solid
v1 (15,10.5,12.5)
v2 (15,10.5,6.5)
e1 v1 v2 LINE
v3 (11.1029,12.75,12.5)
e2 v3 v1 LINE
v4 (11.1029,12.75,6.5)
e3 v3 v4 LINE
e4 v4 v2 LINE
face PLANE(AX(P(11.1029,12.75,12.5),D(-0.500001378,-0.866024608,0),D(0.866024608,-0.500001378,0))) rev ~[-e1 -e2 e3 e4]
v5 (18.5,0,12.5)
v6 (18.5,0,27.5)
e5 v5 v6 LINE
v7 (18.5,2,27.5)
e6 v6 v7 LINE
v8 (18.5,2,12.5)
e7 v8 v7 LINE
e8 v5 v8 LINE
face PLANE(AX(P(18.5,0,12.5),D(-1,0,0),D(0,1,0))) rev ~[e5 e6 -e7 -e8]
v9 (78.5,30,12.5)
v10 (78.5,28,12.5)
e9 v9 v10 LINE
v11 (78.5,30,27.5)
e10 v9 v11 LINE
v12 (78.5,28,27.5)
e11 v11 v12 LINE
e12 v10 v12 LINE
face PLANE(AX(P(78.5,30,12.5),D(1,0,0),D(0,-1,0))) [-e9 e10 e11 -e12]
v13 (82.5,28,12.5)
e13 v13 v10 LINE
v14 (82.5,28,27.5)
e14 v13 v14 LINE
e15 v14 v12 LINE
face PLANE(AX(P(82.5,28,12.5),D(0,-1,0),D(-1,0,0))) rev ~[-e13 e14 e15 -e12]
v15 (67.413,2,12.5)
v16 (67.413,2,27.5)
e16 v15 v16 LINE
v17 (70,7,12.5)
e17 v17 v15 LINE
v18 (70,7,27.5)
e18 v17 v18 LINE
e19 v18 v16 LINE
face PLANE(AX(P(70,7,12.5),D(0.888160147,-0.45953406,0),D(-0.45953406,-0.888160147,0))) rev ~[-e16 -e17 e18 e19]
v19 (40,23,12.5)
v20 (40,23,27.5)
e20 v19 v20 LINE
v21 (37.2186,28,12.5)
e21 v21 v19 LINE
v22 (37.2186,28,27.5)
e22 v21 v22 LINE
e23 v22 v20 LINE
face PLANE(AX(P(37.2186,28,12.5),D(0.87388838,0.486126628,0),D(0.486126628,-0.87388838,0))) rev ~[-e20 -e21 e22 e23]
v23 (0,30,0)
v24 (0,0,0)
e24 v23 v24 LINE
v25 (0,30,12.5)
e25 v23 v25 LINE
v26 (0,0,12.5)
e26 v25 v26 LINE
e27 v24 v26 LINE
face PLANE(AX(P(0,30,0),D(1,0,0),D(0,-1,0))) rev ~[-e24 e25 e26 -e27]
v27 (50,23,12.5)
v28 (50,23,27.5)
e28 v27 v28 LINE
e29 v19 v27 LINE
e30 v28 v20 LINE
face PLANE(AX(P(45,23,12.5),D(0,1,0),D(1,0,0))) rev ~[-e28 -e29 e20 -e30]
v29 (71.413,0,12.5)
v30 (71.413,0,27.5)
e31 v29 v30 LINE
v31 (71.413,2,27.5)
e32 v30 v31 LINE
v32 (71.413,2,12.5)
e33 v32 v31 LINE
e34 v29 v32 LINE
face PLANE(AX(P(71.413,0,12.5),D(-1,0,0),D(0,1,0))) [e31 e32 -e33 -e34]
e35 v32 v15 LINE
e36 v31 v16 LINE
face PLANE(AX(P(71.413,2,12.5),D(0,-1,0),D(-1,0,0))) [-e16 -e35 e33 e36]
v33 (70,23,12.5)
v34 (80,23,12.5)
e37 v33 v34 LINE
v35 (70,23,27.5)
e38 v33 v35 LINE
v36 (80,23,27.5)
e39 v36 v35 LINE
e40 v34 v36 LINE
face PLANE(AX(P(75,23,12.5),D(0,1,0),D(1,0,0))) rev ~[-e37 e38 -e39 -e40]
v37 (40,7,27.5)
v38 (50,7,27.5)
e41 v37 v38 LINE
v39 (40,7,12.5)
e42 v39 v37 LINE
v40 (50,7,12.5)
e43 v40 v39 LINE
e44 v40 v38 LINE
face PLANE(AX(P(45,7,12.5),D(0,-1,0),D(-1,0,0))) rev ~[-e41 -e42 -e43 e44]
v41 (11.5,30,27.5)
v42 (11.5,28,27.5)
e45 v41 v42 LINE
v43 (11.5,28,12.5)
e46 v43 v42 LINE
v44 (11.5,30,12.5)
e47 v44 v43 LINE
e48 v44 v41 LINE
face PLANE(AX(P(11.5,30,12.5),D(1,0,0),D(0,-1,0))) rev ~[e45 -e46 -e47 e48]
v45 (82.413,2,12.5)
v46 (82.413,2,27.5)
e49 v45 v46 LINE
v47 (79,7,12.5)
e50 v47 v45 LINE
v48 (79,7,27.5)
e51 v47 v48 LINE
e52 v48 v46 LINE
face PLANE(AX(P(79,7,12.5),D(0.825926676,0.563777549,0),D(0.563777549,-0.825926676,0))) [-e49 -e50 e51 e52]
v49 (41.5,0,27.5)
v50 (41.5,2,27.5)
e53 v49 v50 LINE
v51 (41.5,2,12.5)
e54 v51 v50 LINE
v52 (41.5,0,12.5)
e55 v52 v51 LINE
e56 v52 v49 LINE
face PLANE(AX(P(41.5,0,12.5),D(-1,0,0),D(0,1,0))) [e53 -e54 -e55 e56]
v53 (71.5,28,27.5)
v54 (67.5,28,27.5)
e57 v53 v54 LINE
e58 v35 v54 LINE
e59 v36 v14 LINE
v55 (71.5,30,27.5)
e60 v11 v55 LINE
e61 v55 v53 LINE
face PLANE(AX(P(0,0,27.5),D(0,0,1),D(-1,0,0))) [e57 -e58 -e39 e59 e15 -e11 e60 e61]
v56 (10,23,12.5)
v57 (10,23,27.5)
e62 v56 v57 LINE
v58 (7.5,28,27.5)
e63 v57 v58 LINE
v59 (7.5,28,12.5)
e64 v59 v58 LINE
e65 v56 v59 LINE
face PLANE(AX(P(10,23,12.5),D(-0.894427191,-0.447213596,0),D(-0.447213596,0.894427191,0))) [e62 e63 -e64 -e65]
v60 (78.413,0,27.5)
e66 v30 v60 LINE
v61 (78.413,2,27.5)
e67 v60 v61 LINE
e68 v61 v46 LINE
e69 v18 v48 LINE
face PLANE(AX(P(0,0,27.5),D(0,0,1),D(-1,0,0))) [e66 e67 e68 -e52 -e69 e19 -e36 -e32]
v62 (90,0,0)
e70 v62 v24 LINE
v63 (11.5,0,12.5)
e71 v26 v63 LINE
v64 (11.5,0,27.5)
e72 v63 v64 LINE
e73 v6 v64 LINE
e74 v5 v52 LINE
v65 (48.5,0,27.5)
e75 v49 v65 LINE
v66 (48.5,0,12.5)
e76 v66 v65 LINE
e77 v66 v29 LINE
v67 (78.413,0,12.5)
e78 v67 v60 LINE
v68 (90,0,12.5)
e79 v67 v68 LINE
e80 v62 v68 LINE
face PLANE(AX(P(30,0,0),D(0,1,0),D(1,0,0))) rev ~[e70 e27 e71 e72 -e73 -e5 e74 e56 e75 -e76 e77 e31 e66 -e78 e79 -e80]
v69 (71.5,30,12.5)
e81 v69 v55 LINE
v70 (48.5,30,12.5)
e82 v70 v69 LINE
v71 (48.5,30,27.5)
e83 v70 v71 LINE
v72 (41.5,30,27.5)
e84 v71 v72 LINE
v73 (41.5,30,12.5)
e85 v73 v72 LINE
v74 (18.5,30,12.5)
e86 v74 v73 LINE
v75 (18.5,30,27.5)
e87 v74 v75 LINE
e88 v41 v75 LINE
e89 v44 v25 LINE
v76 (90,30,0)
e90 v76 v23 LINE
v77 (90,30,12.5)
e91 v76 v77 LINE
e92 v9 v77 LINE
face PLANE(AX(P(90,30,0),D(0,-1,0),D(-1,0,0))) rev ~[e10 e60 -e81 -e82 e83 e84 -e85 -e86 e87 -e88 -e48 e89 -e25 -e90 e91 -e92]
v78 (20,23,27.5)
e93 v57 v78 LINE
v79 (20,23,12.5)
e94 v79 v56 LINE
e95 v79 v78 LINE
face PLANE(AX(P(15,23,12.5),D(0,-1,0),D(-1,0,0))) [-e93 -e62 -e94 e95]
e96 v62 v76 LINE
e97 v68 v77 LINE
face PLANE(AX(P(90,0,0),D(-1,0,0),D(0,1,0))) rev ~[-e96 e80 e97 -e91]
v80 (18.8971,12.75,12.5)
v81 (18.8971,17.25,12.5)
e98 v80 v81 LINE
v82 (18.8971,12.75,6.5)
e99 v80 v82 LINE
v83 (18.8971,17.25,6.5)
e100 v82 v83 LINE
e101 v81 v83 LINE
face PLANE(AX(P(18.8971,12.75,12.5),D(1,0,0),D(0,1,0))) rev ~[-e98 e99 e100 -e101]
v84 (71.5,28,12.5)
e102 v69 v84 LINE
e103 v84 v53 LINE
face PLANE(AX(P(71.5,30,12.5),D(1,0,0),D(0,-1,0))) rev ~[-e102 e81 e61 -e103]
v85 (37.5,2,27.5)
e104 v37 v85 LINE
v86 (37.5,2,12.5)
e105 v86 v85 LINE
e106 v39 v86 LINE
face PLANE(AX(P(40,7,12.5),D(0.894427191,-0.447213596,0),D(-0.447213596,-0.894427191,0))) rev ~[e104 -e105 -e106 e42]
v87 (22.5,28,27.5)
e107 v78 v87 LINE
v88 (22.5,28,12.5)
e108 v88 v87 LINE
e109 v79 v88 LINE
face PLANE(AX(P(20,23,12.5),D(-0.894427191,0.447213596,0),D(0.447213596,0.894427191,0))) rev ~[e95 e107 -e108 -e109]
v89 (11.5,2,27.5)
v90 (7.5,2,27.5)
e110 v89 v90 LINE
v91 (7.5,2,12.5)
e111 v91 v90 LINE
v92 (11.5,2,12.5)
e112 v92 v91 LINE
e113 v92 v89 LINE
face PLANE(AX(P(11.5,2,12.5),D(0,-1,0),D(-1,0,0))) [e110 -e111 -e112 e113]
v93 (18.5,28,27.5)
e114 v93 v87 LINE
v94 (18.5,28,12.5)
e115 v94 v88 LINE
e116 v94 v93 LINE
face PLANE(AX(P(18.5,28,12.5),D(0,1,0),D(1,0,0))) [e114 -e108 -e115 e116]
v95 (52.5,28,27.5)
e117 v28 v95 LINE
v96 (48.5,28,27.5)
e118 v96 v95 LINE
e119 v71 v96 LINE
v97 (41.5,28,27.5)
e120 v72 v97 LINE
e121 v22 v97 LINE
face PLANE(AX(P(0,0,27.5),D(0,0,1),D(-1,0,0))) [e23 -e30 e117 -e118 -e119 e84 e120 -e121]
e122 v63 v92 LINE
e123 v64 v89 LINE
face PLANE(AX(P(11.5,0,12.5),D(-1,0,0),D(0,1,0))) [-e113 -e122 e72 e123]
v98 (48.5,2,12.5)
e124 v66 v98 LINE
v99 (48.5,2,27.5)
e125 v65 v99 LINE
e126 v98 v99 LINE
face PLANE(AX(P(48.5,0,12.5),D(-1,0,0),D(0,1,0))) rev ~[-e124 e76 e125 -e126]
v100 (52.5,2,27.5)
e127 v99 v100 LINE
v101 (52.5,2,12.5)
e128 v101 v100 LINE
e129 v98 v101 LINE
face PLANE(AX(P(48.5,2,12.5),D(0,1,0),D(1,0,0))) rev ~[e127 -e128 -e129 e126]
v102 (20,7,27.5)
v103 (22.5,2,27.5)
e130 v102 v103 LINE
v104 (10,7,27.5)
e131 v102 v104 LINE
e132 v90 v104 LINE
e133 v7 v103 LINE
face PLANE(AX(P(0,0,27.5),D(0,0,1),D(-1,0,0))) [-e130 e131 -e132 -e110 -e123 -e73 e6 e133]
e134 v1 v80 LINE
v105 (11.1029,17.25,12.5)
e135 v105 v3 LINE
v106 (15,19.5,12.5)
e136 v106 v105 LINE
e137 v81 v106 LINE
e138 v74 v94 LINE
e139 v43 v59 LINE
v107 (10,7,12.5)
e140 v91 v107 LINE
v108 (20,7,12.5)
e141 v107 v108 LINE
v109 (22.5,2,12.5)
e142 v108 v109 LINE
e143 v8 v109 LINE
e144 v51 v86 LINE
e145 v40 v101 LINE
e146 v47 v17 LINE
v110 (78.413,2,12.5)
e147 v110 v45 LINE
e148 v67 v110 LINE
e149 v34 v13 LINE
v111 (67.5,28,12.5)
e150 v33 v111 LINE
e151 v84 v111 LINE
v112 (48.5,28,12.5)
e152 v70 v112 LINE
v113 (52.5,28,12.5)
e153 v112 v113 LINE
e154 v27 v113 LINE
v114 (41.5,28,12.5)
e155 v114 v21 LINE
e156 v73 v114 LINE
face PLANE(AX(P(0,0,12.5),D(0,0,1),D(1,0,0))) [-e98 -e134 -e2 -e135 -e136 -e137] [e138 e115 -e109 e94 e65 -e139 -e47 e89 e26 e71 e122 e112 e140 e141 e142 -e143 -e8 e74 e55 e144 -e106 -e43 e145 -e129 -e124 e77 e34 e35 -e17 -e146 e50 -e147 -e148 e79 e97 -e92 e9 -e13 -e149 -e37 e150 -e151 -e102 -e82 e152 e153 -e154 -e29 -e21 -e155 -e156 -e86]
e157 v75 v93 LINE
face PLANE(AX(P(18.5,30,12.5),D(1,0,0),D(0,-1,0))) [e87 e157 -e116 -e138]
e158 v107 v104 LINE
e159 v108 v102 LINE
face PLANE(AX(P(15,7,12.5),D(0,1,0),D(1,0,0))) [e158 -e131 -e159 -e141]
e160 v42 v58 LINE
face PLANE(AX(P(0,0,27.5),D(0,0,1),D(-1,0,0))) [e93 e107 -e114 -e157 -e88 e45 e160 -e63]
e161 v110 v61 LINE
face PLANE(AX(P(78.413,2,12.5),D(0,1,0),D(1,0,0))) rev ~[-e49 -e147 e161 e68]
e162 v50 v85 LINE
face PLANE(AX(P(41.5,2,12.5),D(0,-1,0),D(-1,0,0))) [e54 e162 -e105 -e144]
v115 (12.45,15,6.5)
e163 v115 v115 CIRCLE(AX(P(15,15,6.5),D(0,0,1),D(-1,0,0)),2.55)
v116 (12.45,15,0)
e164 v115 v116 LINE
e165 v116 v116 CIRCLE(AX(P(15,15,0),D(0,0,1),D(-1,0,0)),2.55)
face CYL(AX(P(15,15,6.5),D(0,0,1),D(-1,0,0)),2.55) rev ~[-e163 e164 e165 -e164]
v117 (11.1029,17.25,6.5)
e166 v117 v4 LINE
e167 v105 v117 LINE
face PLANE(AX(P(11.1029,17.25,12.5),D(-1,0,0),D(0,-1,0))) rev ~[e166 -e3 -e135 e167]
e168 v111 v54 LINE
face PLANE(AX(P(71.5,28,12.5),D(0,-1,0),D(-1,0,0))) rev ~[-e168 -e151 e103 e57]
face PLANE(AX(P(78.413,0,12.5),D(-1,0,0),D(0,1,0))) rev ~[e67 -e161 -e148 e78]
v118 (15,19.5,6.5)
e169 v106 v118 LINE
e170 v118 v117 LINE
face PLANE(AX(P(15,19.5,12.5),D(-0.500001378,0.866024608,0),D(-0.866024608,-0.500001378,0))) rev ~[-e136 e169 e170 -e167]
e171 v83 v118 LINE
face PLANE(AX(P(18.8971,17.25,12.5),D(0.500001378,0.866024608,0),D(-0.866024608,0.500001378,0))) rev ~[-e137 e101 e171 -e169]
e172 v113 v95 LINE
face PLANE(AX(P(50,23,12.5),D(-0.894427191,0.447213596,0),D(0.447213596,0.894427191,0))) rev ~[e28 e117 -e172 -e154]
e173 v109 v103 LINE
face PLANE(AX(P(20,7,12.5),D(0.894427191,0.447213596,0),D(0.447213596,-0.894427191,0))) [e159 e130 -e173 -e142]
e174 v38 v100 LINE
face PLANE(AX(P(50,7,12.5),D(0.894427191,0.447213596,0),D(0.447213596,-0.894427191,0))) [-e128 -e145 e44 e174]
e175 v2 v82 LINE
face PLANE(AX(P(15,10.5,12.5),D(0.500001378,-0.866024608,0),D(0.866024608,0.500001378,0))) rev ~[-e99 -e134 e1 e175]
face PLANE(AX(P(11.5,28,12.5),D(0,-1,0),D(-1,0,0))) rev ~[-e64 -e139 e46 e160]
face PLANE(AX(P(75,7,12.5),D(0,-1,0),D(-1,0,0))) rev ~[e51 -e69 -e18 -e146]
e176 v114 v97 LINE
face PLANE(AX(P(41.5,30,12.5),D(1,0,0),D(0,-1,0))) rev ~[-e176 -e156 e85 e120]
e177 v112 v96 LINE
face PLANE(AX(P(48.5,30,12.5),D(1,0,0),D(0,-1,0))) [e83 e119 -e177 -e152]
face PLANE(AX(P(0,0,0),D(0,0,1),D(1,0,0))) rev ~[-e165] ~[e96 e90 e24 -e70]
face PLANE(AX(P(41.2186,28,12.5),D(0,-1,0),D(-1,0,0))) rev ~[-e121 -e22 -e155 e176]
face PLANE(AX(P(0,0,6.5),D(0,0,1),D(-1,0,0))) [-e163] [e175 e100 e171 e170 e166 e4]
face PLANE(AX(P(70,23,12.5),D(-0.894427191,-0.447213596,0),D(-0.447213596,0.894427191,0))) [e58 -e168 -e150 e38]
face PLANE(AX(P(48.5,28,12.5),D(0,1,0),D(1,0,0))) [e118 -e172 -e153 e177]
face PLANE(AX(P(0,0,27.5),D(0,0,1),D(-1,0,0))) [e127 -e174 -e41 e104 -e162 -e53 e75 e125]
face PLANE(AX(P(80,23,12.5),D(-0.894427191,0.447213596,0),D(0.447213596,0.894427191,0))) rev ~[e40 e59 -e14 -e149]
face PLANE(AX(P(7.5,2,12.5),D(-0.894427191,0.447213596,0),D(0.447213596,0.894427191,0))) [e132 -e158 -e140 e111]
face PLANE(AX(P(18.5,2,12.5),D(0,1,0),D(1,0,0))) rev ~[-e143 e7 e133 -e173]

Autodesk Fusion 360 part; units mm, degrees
sketch "Sketch1" plane through (0, 0, 0) normal (0, 0, 1) x (1, 0, 0)
  line L0 (0, 0) -> (30, 0)
  line L1 (30, 0) -> (30, 30)
  line L2 (30, 30) -> (0, 30)
  line L3 (0, 30) -> (0, 0)
  dimension "d1" = 30
  dimension "d2" = 30
extrude "Extrude1" add sketch "Sketch1" along normal blind 12.5
sketch "Sketch2" plane through (0, 0, 12.5) normal (0, 0, 1) x (-1, 0, 0)
  line L0 (0, -30) -> (0, 0)
  line L1 (0, 0) -> (-30, 0)
  line L2 (-30, 0) -> (-30, -30)
  line L3 (-30, -30) -> (0, -30)
  line L4 (-15, -30) -> (-11.5, -30)
  line L5 (-15, -30) -> (-18.5, -30)
  line L6 (-18.5, -30) -> (-18.5, -28)
  line L7 (-11.5, -30) -> (-11.5, -28)
  line L8 (-15, -28) -> (-22.5, -28)
  line L9 (-15, -28) -> (-7.5, -28)
  line L10 (-15, -30) -> (-15, -23)
  line L11 (-15, -23) -> (-10, -23)
  line L12 (-15, -23) -> (-20, -23)
  line L13 (-10, -23) -> (-7.5, -28)
  line L14 (-20, -23) -> (-22.5, -28)
  dimension "d5" = 3.5
  dimension "d6" = 3.5
  dimension "d7" = 7.5
  dimension "d8" = 7.5
  dimension "d9" = 7
  dimension "d10" = 5
  dimension "d11" = 5
extrude "Extrude2" add sketch "Sketch2" along normal blind 15 contours L3 L4 L7 L9 L10 | L3 L5 L6 L8 L10 | L9 L10 L11 L13 | L8 L10 L12 L14
sketch "Sketch3" plane through (0, 0, 12.5) normal (0, 0, 1) x (-1, 0, 0)
  line L0 (-18.5, -30) -> (-18.5, -28)
  line L1 (-18.5, -28) -> (-22.5, -28)
  line L2 (-22.5, -28) -> (-20, -23)
  line L3 (-20, -23) -> (-10, -23)
  line L4 (-10, -23) -> (-7.5, -28)
  line L5 (-7.5, -28) -> (-11.5, -28)
  line L6 (-11.5, -28) -> (-11.5, -30)
  line L7 (-11.5, -30) -> (0, -30)
  line L8 (0, -30) -> (0, 0)
  line L9 (0, 0) -> (-30, 0)
  line L10 (-30, 0) -> (-30, -30)
  line L11 (-30, -30) -> (-18.5, -30)
  line L12 (-11.5, 0) -> (-11.5, -2)
  line L13 (-18.5, 0) -> (-18.5, -2)
  line L14 (-11.5, -2) -> (-7.5, -2)
  line L15 (-18.5, -2) -> (-22.5, -2)
  line L16 (-15, 0) -> (-15, -7)
  line L17 (-15, -7) -> (-20, -7)
  line L18 (-20, -7) -> (-22.5, -2)
  line L19 (-15, -7) -> (-10, -7)
  line L20 (-7.5, -2) -> (-10, -7)
  dimension "d15" = 4
  dimension "d16" = 4
  dimension "d17" = 7
  dimension "d18" = 5
extrude "Extrude3" add sketch "Sketch3" along normal blind 15 contours L9 L13 L15 L16 L17 L18 | L9 L12 L14 L16 L19 L20
sketch "Sketch4" plane through (0, 0, 12.5) normal (0, 0, 1) x (-1, 0, 0)
  line L0 (-18.5, -2) -> (-18.5, 0)
  line L1 (-18.5, 0) -> (-30, 0)
  line L2 (-30, 0) -> (-30, -30)
  line L3 (-30, -30) -> (-18.5, -30)
  line L4 (-18.5, -30) -> (-18.5, -28)
  line L5 (-18.5, -28) -> (-22.5, -28)
  line L6 (-22.5, -28) -> (-20, -23)
  line L7 (-20, -23) -> (-10, -23)
  line L8 (-10, -23) -> (-7.5, -28)
  line L9 (-7.5, -28) -> (-11.5, -28)
  line L10 (-11.5, -28) -> (-11.5, -30)
  line L11 (-11.5, -30) -> (0, -30)
  line L12 (0, -30) -> (0, 0)
  line L13 (0, 0) -> (-11.5, 0)
  line L14 (-11.5, 0) -> (-11.5, -2)
  line L15 (-11.5, -2) -> (-7.5, -2)
  line L16 (-7.5, -2) -> (-10, -7)
  line L17 (-10, -7) -> (-20, -7)
  line L18 (-20, -7) -> (-22.5, -2)
  line L19 (-22.5, -2) -> (-18.5, -2)
  line L20 (-15, -10.5) -> (-18.8971, -12.75)
  line L21 (-18.8971, -12.75) -> (-18.8971, -17.25)
  line L22 (-18.8971, -17.25) -> (-15, -19.5)
  line L23 (-15, -19.5) -> (-11.1029, -17.25)
  line L24 (-11.1029, -17.25) -> (-11.1029, -12.75)
  line L25 (-11.1029, -12.75) -> (-15, -10.5)
  point P0 (-15, -15)
  dimension "d21" = 4.5
extrude "Extrude4" cut sketch "Sketch4" against normal blind 6 contours L20 L21 L22 L23 L24 L25
sketch "Sketch5" plane through (0, 0, 6.5) normal (0, 0, 1) x (-1, 0, 0)
  line L0 (-11.1029, -12.75) -> (-15, -10.5)
  line L1 (-15, -10.5) -> (-18.8971, -12.75)
  line L2 (-18.8971, -12.75) -> (-18.8971, -17.25)
  line L3 (-18.8971, -17.25) -> (-15, -19.5)
  line L4 (-15, -19.5) -> (-11.1029, -17.25)
  line L5 (-11.1029, -17.25) -> (-11.1029, -12.75)
  circle A0 centre (-15, -15) radius 2.55
  dimension "d24" = 5.1
extrude "Extrude5" cut sketch "Sketch5" against normal blind 50 contours A0
sketch "Sketch6" plane through (0, 0, 0) normal (0, 0, 1) x (1, 0, 0)
  line L0 (30, 0) -> (90, 0)
  line L1 (90, 0) -> (90, 30)
  line L2 (90, 30) -> (30, 30)
  line L3 (30, 30) -> (30, 0)
  dimension "d27" = 60
extrude "Extrude6" add sketch "Sketch6" along normal blind 12.5
sketch "Sketch7" plane through (0, 0, 12.5) normal (0, 0, 1) x (-1, 0, 0)
  line L0 (-18.8971, -12.75) -> (-15, -10.5)
  line L1 (-15, -10.5) -> (-11.1029, -12.75)
  line L2 (-11.1029, -12.75) -> (-11.1029, -17.25)
  line L3 (-11.1029, -17.25) -> (-15, -19.5)
  line L4 (-15, -19.5) -> (-18.8971, -17.25)
  line L5 (-18.8971, -17.25) -> (-18.8971, -12.75)
  line L6 (-18.5, -2) -> (-18.5, 0)
  line L7 (-18.5, 0) -> (-90, 0)
  line L8 (-90, 0) -> (-90, -30)
  line L9 (-90, -30) -> (-18.5, -30)
  line L10 (-18.5, -30) -> (-18.5, -28)
  line L11 (-18.5, -28) -> (-22.5, -28)
  line L12 (-22.5, -28) -> (-20, -23)
  line L13 (-20, -23) -> (-10, -23)
  line L14 (-10, -23) -> (-7.5, -28)
  line L15 (-7.5, -28) -> (-11.5, -28)
  line L16 (-11.5, -28) -> (-11.5, -30)
  line L17 (-11.5, -30) -> (0, -30)
  line L18 (0, -30) -> (0, 0)
  line L19 (0, 0) -> (-11.5, 0)
  line L20 (-11.5, 0) -> (-11.5, -2)
  line L21 (-11.5, -2) -> (-7.5, -2)
  line L22 (-7.5, -2) -> (-10, -7)
  line L23 (-10, -7) -> (-20, -7)
  line L24 (-20, -7) -> (-22.5, -2)
  line L25 (-22.5, -2) -> (-18.5, -2)
  line L26 (0, -15) -> (-30, -15)
  line L27 (-90, -15) -> (-60, -15)
  line L28 (-41.5, 0) -> (-41.5, -2)
  line L29 (-48.5, 0) -> (-48.5, -2)
  line L30 (-48.5, -2) -> (-52.5, -2)
  line L31 (-41.5, -2) -> (-37.5, -2)
  line L32 (-45, -7) -> (-50, -7)
  line L33 (-50, -7) -> (-52.5, -2)
  line L34 (-45, -7) -> (-40, -7)
  line L35 (-40, -7) -> (-37.5, -2)
  line L36 (-45, -23) -> (-40, -23)
  line L37 (-45, -23) -> (-50, -23)
  line L38 (-41.5, -30) -> (-41.5, -28)
  line L39 (-48.5, -30) -> (-48.5, -28)
  line L40 (-48.5, -28) -> (-52.5, -28)
  line L41 (-41.5, -28) -> (-41.2186, -28)
  line L42 (-41.2186, -28) -> (-37.2186, -28)
  line L43 (-37.2186, -28) -> (-40, -23)
  line L44 (-50, -23) -> (-52.5, -28)
  line L45 (-75, -23) -> (-70, -23)
  line L46 (-70, -23) -> (-75, -23)
  line L47 (-75, -23) -> (-80, -23)
  line L48 (-71.5, -30) -> (-71.5, -28)
  line L49 (-78.5, -30) -> (-78.5, -28)
  line L50 (-71.5, -28) -> (-67.5, -28)
  line L51 (-70, -23) -> (-67.5, -28)
  line L52 (-80, -23) -> (-82.5, -28)
  line L53 (-82.5, -28) -> (-78.5, -28)
  line L54 (-71.413, 0) -> (-71.413, -2)
  line L55 (-78.413, 0) -> (-78.413, -2)
  line L56 (-78.413, -2) -> (-82.413, -2)
  line L57 (-71.413, -2) -> (-67.413, -2)
  line L58 (-75, -7) -> (-70, -7)
  line L59 (-70, -7) -> (-67.413, -2)
  line L60 (-75, -7) -> (-79, -7)
  line L61 (-79, -7) -> (-82.413, -2)
  dimension "d30" = 30
extrude "Extrude7" add sketch "Sketch7" along normal blind 15 contours L9 L36 L37 L38 L39 L40 L41 L42 L43 L44 | L7 L28 L29 L30 L31 L32 L33 L34 L35 | L9 L45 L46 L47 L48 L49 L50 L51 L52 L53 | L7 L54 L55 L56 L57 L58 L59 L60 L61
equation "d7 = ( 15 / 2 ) * 1 mm"
equation "d21 = ( 9 / 2 ) * 1 mm"
